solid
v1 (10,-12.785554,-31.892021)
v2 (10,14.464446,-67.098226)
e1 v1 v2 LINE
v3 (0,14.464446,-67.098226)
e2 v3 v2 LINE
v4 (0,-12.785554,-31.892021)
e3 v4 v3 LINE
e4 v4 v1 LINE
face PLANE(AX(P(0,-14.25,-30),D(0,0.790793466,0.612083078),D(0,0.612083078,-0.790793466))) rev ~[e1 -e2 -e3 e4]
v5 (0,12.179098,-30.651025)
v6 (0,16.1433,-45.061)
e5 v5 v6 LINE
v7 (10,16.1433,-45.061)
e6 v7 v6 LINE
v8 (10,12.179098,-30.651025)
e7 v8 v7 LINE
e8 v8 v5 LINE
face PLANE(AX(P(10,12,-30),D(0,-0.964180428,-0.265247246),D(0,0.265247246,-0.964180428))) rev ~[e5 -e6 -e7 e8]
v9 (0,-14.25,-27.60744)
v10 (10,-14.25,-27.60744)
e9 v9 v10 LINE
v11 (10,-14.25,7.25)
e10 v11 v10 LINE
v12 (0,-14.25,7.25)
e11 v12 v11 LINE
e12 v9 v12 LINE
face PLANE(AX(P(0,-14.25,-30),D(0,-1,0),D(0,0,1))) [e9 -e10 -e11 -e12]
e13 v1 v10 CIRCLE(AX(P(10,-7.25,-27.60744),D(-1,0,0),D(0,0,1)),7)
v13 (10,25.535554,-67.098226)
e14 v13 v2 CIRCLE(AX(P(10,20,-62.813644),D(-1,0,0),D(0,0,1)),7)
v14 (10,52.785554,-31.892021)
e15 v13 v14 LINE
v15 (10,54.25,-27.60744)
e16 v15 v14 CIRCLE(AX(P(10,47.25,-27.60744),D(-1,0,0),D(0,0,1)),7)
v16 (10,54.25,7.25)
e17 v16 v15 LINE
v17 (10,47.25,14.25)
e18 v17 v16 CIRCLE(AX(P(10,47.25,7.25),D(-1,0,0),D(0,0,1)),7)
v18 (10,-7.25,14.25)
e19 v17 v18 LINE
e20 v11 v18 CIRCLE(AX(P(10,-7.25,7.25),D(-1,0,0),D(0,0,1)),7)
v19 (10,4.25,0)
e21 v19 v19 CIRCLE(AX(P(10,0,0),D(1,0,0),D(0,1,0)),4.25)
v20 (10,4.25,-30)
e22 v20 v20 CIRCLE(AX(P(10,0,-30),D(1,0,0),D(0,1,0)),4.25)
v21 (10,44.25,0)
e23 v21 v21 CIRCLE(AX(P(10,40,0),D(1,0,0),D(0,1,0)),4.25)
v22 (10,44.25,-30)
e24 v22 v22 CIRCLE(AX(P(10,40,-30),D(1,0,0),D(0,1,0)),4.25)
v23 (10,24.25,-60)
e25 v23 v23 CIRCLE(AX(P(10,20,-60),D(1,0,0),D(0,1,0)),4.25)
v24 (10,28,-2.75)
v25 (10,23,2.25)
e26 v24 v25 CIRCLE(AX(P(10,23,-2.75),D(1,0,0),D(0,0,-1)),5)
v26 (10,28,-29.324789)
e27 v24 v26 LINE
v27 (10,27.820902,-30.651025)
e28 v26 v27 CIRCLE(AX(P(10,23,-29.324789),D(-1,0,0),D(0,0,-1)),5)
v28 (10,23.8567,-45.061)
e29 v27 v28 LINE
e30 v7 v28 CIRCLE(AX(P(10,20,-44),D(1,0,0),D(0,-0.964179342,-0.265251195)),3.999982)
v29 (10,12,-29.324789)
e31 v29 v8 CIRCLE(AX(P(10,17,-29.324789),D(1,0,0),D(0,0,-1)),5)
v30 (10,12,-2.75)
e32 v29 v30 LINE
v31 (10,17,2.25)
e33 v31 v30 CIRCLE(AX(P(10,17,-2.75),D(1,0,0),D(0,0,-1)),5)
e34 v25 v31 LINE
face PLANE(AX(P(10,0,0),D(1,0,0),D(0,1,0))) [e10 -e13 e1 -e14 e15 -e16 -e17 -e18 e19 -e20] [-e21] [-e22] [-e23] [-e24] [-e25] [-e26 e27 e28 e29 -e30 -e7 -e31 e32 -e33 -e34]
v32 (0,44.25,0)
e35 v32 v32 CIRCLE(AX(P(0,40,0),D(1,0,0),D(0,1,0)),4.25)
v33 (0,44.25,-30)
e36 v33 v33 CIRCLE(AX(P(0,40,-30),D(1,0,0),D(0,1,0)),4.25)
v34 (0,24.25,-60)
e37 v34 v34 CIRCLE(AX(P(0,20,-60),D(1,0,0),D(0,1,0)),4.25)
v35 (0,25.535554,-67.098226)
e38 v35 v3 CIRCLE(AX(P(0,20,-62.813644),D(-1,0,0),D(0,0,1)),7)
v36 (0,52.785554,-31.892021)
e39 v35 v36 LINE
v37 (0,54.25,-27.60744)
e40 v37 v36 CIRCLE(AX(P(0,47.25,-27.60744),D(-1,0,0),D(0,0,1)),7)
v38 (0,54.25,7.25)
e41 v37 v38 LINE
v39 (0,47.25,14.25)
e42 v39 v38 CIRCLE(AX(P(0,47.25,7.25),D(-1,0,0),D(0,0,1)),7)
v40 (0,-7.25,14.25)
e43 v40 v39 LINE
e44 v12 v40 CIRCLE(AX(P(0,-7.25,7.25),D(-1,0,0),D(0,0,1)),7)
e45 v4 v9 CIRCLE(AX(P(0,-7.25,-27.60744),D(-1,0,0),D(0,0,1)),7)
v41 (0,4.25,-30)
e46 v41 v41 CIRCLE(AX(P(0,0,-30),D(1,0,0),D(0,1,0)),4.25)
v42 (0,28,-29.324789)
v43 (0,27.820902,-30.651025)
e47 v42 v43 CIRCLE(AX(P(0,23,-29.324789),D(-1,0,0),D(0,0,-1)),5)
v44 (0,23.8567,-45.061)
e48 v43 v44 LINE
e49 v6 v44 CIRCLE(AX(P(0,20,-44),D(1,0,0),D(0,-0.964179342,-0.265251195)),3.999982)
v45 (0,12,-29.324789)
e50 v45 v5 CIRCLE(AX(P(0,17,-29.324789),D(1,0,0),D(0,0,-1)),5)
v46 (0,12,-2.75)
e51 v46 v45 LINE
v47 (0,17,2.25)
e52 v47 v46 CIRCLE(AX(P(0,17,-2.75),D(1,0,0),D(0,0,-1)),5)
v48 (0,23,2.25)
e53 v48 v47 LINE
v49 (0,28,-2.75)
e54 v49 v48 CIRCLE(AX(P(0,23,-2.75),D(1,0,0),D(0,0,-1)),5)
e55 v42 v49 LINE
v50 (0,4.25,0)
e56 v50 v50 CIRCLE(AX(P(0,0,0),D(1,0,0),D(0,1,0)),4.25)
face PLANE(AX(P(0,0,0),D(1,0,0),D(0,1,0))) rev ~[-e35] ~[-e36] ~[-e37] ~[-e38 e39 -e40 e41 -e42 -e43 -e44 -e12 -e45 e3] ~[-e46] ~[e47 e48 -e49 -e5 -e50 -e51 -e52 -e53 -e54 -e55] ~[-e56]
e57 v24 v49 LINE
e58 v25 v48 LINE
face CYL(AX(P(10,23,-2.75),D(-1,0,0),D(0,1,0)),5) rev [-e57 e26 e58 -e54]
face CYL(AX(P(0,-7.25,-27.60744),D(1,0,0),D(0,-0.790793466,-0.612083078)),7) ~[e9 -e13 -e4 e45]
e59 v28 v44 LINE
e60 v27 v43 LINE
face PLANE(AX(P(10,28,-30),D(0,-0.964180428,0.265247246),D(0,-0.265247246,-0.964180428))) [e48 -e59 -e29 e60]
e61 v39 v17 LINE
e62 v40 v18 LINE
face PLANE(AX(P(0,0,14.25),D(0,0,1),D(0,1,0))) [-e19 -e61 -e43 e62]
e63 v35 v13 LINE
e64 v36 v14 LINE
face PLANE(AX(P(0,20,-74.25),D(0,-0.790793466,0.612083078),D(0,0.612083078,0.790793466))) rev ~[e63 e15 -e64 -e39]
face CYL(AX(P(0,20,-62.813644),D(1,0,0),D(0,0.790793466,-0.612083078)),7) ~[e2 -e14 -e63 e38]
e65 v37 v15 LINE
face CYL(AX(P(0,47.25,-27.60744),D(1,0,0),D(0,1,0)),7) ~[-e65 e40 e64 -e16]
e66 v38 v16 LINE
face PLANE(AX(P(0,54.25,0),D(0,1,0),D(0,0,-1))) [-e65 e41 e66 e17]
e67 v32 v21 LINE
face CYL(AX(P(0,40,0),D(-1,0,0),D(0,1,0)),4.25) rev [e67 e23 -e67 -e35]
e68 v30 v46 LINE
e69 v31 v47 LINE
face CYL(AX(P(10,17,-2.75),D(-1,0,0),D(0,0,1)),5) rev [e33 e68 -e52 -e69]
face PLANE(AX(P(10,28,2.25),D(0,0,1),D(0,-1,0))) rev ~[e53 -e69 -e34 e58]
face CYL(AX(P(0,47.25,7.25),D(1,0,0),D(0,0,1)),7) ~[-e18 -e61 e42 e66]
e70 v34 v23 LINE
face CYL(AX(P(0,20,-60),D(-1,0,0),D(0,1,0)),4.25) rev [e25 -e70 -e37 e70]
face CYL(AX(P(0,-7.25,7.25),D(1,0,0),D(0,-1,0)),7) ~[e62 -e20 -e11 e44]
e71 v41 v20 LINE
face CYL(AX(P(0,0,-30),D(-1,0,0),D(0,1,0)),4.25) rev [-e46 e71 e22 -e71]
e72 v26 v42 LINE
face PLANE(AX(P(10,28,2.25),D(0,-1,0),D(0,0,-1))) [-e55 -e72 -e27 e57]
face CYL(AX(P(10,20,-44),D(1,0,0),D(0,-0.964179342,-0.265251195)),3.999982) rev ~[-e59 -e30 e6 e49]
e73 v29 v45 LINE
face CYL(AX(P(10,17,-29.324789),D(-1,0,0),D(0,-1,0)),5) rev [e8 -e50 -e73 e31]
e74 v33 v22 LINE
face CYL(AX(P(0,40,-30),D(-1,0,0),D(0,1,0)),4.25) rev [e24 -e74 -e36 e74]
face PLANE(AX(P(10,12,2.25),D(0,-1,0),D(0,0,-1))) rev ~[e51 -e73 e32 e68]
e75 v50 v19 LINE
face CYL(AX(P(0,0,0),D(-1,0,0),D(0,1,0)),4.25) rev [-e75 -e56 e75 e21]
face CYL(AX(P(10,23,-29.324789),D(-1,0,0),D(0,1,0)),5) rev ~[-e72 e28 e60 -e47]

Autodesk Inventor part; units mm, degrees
ref_plane "YZ Plane" through (0, 0, 0) normal (1, 0, 0) x (0, 1, 0)
ref_plane "XZ Plane" through (0, 0, 0) normal (0, 1, 0) x (-1, 0, 0)
ref_plane "XY Plane" through (0, 0, 0) normal (0, 0, 1) x (1, 0, 0)
sketch "Sketch1" plane through (0, 0, 0) normal (1, 0, 0) x (0, 1, 0)
  circle A0 centre (0, 0) radius 4.25
  circle A1 centre (40, 0) radius 4.25
  circle A2 centre (40, -30) radius 4.25
  circle A3 centre (0, -30) radius 4.25
  circle A4 centre (20, -60) radius 4.25
  line L0 (54.25, 0) -> (54.25, -30)
  line L1 (20, -74.25) -> (54.25, -30)
  line L2 (-14.25, -30) -> (20, -74.25)
  line L3 (-14.25, -30) -> (-14.25, 0)
  line L4 (0, 14.25) -> (54.25, 14.25)
  line L5 (54.25, 14.25) -> (-14.25, 14.25)
  line L6 (-14.25, 14.25) -> (-14.25, 0)
  line L7 (54.25, 14.25) -> (54.25, 0)
  dimension "d6" = 8.5
  dimension "d9" = 8.5
  dimension "d10" = 14.25
  dimension "d11" = 14.25
  dimension "d13" = 14.25
extrude "Extrusion1" add sketch "Sketch1" along normal blind 10
fillet "Fillet1" radius 7 5 edges at (5, 20, -74.25) (5, 54.25, -30) (5, 54.25, 14.25) (5, -14.25, 14.25) (5, -14.25, -30)
sketch "Sketch2" plane through (10, 0, 0) normal (1, 0, 0) x (0, 0, -1)
  circle A0 centre (0, 40) radius 4.25 projected
  line L0 (0, 28) -> (30, 28)
  line L1 (0, 0) -> (0, 12)
  line L2 (0, 12) -> (30, 12)
  circle A1 centre (60, 20) radius 4.25 projected
  arc A2 (45.061, 16.1433) -> (45.061, 23.8567) centre (44, 20) ccw
  line L3 (30, 28) -> (45.061, 23.8567)
  line L4 (30, 12) -> (45.061, 16.1433)
  line L5 (-14.25, 47.25) -> (-14.25, -7.25) projected
  line L6 (-2.25, 28) -> (0, 28)
  line L7 (-2.25, 28) -> (-2.25, 12)
  line L8 (-2.25, 12) -> (0, 12)
extrude "Extrusion2" cut sketch "Sketch2" against normal up to surface (10 mm away) contours L0 L3 A2 L4 L2 L8 L7 L6
fillet "Fillet2" radius 5 4 edges at (5, 12, -30) (5, 28, -30) (5, 28, 2.25) (5, 12, 2.25)
properties part number "din_motor_connector"
